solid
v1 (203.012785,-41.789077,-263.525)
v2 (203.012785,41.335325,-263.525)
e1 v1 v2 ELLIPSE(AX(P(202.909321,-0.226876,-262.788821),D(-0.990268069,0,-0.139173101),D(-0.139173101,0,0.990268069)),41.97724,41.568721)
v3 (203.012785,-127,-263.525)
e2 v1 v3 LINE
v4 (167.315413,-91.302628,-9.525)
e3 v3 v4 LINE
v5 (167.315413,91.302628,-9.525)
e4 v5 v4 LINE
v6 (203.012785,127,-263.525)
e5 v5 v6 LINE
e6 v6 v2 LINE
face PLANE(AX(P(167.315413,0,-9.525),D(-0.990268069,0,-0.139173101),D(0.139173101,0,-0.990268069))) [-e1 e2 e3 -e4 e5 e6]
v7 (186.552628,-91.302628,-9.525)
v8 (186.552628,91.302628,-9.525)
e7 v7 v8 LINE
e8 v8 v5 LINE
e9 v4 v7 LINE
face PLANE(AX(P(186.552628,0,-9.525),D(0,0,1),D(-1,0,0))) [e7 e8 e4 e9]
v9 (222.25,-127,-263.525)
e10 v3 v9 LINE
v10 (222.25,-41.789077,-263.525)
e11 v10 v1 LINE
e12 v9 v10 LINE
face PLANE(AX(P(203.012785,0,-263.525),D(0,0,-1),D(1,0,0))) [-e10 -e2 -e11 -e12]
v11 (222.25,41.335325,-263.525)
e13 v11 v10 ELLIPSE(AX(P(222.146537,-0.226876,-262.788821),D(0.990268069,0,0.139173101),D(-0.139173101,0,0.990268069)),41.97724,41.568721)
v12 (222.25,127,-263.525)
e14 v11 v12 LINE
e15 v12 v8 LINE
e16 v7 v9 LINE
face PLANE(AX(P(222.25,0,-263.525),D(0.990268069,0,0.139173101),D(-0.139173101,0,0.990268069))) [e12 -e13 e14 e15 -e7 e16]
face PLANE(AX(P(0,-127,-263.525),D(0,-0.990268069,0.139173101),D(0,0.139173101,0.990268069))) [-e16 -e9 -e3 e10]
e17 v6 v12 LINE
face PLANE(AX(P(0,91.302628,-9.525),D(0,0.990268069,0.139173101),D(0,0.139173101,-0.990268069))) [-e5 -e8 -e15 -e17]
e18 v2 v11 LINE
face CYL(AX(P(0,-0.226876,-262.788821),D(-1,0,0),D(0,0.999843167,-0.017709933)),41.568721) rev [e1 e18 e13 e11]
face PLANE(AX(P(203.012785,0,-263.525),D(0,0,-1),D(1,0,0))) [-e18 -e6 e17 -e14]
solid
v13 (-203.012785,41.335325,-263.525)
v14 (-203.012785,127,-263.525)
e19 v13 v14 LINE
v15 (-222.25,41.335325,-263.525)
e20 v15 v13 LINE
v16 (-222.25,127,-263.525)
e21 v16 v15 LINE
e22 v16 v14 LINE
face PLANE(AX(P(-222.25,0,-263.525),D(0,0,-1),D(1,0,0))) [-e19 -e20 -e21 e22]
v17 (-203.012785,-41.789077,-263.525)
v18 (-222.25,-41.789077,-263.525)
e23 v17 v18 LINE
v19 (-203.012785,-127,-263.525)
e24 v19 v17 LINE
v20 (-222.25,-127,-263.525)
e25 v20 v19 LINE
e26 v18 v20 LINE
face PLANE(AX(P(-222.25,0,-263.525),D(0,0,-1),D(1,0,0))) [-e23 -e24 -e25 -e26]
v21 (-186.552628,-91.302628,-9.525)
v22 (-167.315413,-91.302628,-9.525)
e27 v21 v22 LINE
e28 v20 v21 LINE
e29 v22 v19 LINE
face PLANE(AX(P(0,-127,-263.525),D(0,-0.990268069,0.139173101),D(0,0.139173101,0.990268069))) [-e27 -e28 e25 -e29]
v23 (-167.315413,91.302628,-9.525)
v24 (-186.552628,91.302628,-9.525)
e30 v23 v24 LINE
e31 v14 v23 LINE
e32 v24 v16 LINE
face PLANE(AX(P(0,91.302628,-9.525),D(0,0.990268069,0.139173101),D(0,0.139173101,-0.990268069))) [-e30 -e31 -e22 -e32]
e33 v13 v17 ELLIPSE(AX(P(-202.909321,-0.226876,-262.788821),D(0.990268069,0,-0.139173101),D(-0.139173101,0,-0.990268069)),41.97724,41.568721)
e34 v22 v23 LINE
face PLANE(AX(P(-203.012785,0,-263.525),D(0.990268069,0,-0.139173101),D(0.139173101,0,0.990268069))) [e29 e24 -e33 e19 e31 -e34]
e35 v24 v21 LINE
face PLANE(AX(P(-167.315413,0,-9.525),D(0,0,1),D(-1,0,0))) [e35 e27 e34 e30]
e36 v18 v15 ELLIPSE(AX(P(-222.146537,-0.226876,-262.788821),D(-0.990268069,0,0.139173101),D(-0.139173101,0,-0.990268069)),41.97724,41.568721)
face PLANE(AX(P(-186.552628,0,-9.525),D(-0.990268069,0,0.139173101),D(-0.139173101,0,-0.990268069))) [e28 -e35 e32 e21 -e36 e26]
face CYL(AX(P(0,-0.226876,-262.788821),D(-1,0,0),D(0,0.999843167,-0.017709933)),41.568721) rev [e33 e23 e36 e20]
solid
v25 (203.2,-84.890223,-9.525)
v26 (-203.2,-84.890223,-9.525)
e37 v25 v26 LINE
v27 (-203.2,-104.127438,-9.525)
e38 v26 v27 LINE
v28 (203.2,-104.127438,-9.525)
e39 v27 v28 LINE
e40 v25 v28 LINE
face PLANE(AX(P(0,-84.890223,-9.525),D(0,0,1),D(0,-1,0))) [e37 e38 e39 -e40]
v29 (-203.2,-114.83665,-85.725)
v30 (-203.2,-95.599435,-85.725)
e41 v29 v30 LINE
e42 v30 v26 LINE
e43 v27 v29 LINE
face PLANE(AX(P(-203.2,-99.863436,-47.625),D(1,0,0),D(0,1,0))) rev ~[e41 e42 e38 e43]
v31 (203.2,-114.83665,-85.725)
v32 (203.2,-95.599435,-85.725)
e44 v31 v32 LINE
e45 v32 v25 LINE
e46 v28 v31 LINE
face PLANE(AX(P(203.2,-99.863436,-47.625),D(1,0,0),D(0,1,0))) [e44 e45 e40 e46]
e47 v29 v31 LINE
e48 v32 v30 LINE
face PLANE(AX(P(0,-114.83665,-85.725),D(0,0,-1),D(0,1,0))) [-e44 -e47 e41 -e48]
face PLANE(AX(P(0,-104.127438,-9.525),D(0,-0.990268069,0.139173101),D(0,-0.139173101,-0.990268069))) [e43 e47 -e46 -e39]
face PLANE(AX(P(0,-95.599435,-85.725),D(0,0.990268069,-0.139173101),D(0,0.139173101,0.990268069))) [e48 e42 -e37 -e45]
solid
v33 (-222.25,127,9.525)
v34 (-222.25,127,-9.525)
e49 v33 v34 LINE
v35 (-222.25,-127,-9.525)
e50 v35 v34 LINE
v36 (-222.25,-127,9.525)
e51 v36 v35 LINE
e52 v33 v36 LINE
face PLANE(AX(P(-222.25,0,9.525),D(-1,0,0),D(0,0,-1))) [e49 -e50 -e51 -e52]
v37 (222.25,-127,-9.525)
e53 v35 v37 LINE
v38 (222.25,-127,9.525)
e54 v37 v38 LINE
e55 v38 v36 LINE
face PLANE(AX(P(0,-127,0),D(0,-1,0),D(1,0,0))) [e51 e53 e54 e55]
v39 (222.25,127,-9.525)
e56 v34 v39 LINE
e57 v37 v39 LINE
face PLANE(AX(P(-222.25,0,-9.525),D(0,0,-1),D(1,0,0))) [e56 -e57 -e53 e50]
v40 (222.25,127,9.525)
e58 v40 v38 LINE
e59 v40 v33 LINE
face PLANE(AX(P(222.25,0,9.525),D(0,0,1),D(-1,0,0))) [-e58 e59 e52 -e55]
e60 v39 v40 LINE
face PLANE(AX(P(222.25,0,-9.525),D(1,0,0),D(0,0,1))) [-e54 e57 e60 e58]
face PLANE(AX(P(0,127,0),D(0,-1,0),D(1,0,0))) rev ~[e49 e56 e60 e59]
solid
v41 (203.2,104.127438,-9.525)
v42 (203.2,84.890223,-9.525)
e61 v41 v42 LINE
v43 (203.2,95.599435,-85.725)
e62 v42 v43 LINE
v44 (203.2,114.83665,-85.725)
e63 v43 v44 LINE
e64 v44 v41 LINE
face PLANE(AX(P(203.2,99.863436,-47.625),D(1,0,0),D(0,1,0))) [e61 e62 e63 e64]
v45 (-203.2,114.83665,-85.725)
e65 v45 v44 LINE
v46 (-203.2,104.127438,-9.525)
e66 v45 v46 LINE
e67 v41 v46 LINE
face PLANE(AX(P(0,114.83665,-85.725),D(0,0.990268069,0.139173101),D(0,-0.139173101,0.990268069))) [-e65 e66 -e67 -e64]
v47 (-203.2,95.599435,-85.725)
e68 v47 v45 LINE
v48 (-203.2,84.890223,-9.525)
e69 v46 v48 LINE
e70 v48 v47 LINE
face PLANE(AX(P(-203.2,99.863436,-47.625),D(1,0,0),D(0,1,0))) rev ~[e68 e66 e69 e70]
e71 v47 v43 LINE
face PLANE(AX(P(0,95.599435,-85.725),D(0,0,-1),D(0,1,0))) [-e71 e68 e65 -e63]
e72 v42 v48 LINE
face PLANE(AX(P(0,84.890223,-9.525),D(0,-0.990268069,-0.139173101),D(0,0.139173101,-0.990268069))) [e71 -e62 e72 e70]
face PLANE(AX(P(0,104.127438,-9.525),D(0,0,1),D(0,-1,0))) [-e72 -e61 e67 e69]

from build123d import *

# Parameters (mm, degrees)
F1_DEPTH      = 127
F2_DEPTH      = 127
F2_DEPTH_BACK = 127
F4_DEPTH      = 222.251
F4_DEPTH_BACK = 222.251
F6_DEPTH      = 203.2


with BuildPart() as f1:
    # F0 (on Front) → F1 (new body, symmetric)
    with BuildSketch(Plane.XZ):
        Polygon((222.25, -9.525), (222.25, 9.525), (-222.25, 9.525), (-222.25, -9.525), (-200.8315767914, -9.525), (-186.5526279856, -9.525), (-167.3154127291, -9.525), (167.3154127291, -9.525), (186.5526279856, -9.525), (200.8315767914, -9.525), align=None)
    extrude(amount=F1_DEPTH, both=True)


with BuildPart() as f2:
    # F0 (on Front) → F2 (new body, two sides)
    with BuildSketch(Plane.XZ) as f2_sk:
        Polygon((-167.3154127291, -9.525), (-186.5526279856, -9.525), (-193.6921023885, -60.325), (-174.454887132, -60.325), align=None)
        Polygon((-174.454887132, -60.325), (-193.6921023885, -60.325), (-222.25, -263.525), (-203.0127847435, -263.525), align=None)
    extrude(amount=F2_DEPTH)
    extrude(f2_sk.sketch, amount=-F2_DEPTH_BACK)


with BuildPart() as f2b:
    # F0 (on Front) → F2, piece 2 (new body, two sides)
    with BuildSketch(Plane.XZ) as f2_2_sk:
        Polygon((193.6921023885, -60.325), (186.5526279856, -9.525), (167.3154127291, -9.525), (174.454887132, -60.325), align=None)
        Polygon((222.25, -263.525), (193.6921023885, -60.325), (174.454887132, -60.325), (203.0127847435, -263.525), align=None)
    extrude(amount=F2_DEPTH)
    extrude(f2_2_sk.sketch, amount=-F2_DEPTH_BACK)


with BuildPart() as f4_tool:
    # F3 (on Right) → F4 (new body, two sides)
    with BuildSketch(Plane.YZ) as f4_sk:
        Polygon((-127, -263.525), (-91.3026279856, -9.525), (-127, -9.525), align=None)
        with BuildLine():
            Line((-41.7890772223, -263.525), (41.3353252225, -263.525))
            ThreePointArc((41.3353252225, -263.525), (-0.2268759999, -221.2201001748), (-41.7890772223, -263.525))
        make_face()
        Polygon((126.9999999998, -263.525), (126.9999999998, -9.525), (91.3026279854, -9.525), align=None)
    extrude(amount=-F4_DEPTH)
    extrude(f4_sk.sketch, amount=F4_DEPTH_BACK)


with BuildPart() as f2_1:
    add(f2.part)

    # F4: cut by f4_tool
    add(f4_tool.part, mode=Mode.SUBTRACT)


with BuildPart() as f2b_1:
    add(f2b.part)

    # F4: cut by f4_tool
    add(f4_tool.part, mode=Mode.SUBTRACT)


with BuildPart() as f6:
    # F5 (on Right) → F6 (new body, symmetric)
    with BuildSketch(Plane.YZ):
        Polygon((-84.8902228999, -9.525), (-104.1274381564, -9.525), (-114.8366497607, -85.725), (-95.5994345042, -85.725), align=None)
    extrude(amount=F6_DEPTH, both=True)


with BuildPart() as f6b:
    # F5 (on Right) → F6, piece 2 (new body, symmetric)
    with BuildSketch(Plane.YZ):
        Polygon((84.8902228999, -9.525), (95.5994345042, -85.725), (114.8366497607, -85.725), (104.1274381564, -9.525), align=None)
    extrude(amount=F6_DEPTH, both=True)


solid = Compound([f1.part, f2_1.part, f2b_1.part, f6.part, f6b.part])
